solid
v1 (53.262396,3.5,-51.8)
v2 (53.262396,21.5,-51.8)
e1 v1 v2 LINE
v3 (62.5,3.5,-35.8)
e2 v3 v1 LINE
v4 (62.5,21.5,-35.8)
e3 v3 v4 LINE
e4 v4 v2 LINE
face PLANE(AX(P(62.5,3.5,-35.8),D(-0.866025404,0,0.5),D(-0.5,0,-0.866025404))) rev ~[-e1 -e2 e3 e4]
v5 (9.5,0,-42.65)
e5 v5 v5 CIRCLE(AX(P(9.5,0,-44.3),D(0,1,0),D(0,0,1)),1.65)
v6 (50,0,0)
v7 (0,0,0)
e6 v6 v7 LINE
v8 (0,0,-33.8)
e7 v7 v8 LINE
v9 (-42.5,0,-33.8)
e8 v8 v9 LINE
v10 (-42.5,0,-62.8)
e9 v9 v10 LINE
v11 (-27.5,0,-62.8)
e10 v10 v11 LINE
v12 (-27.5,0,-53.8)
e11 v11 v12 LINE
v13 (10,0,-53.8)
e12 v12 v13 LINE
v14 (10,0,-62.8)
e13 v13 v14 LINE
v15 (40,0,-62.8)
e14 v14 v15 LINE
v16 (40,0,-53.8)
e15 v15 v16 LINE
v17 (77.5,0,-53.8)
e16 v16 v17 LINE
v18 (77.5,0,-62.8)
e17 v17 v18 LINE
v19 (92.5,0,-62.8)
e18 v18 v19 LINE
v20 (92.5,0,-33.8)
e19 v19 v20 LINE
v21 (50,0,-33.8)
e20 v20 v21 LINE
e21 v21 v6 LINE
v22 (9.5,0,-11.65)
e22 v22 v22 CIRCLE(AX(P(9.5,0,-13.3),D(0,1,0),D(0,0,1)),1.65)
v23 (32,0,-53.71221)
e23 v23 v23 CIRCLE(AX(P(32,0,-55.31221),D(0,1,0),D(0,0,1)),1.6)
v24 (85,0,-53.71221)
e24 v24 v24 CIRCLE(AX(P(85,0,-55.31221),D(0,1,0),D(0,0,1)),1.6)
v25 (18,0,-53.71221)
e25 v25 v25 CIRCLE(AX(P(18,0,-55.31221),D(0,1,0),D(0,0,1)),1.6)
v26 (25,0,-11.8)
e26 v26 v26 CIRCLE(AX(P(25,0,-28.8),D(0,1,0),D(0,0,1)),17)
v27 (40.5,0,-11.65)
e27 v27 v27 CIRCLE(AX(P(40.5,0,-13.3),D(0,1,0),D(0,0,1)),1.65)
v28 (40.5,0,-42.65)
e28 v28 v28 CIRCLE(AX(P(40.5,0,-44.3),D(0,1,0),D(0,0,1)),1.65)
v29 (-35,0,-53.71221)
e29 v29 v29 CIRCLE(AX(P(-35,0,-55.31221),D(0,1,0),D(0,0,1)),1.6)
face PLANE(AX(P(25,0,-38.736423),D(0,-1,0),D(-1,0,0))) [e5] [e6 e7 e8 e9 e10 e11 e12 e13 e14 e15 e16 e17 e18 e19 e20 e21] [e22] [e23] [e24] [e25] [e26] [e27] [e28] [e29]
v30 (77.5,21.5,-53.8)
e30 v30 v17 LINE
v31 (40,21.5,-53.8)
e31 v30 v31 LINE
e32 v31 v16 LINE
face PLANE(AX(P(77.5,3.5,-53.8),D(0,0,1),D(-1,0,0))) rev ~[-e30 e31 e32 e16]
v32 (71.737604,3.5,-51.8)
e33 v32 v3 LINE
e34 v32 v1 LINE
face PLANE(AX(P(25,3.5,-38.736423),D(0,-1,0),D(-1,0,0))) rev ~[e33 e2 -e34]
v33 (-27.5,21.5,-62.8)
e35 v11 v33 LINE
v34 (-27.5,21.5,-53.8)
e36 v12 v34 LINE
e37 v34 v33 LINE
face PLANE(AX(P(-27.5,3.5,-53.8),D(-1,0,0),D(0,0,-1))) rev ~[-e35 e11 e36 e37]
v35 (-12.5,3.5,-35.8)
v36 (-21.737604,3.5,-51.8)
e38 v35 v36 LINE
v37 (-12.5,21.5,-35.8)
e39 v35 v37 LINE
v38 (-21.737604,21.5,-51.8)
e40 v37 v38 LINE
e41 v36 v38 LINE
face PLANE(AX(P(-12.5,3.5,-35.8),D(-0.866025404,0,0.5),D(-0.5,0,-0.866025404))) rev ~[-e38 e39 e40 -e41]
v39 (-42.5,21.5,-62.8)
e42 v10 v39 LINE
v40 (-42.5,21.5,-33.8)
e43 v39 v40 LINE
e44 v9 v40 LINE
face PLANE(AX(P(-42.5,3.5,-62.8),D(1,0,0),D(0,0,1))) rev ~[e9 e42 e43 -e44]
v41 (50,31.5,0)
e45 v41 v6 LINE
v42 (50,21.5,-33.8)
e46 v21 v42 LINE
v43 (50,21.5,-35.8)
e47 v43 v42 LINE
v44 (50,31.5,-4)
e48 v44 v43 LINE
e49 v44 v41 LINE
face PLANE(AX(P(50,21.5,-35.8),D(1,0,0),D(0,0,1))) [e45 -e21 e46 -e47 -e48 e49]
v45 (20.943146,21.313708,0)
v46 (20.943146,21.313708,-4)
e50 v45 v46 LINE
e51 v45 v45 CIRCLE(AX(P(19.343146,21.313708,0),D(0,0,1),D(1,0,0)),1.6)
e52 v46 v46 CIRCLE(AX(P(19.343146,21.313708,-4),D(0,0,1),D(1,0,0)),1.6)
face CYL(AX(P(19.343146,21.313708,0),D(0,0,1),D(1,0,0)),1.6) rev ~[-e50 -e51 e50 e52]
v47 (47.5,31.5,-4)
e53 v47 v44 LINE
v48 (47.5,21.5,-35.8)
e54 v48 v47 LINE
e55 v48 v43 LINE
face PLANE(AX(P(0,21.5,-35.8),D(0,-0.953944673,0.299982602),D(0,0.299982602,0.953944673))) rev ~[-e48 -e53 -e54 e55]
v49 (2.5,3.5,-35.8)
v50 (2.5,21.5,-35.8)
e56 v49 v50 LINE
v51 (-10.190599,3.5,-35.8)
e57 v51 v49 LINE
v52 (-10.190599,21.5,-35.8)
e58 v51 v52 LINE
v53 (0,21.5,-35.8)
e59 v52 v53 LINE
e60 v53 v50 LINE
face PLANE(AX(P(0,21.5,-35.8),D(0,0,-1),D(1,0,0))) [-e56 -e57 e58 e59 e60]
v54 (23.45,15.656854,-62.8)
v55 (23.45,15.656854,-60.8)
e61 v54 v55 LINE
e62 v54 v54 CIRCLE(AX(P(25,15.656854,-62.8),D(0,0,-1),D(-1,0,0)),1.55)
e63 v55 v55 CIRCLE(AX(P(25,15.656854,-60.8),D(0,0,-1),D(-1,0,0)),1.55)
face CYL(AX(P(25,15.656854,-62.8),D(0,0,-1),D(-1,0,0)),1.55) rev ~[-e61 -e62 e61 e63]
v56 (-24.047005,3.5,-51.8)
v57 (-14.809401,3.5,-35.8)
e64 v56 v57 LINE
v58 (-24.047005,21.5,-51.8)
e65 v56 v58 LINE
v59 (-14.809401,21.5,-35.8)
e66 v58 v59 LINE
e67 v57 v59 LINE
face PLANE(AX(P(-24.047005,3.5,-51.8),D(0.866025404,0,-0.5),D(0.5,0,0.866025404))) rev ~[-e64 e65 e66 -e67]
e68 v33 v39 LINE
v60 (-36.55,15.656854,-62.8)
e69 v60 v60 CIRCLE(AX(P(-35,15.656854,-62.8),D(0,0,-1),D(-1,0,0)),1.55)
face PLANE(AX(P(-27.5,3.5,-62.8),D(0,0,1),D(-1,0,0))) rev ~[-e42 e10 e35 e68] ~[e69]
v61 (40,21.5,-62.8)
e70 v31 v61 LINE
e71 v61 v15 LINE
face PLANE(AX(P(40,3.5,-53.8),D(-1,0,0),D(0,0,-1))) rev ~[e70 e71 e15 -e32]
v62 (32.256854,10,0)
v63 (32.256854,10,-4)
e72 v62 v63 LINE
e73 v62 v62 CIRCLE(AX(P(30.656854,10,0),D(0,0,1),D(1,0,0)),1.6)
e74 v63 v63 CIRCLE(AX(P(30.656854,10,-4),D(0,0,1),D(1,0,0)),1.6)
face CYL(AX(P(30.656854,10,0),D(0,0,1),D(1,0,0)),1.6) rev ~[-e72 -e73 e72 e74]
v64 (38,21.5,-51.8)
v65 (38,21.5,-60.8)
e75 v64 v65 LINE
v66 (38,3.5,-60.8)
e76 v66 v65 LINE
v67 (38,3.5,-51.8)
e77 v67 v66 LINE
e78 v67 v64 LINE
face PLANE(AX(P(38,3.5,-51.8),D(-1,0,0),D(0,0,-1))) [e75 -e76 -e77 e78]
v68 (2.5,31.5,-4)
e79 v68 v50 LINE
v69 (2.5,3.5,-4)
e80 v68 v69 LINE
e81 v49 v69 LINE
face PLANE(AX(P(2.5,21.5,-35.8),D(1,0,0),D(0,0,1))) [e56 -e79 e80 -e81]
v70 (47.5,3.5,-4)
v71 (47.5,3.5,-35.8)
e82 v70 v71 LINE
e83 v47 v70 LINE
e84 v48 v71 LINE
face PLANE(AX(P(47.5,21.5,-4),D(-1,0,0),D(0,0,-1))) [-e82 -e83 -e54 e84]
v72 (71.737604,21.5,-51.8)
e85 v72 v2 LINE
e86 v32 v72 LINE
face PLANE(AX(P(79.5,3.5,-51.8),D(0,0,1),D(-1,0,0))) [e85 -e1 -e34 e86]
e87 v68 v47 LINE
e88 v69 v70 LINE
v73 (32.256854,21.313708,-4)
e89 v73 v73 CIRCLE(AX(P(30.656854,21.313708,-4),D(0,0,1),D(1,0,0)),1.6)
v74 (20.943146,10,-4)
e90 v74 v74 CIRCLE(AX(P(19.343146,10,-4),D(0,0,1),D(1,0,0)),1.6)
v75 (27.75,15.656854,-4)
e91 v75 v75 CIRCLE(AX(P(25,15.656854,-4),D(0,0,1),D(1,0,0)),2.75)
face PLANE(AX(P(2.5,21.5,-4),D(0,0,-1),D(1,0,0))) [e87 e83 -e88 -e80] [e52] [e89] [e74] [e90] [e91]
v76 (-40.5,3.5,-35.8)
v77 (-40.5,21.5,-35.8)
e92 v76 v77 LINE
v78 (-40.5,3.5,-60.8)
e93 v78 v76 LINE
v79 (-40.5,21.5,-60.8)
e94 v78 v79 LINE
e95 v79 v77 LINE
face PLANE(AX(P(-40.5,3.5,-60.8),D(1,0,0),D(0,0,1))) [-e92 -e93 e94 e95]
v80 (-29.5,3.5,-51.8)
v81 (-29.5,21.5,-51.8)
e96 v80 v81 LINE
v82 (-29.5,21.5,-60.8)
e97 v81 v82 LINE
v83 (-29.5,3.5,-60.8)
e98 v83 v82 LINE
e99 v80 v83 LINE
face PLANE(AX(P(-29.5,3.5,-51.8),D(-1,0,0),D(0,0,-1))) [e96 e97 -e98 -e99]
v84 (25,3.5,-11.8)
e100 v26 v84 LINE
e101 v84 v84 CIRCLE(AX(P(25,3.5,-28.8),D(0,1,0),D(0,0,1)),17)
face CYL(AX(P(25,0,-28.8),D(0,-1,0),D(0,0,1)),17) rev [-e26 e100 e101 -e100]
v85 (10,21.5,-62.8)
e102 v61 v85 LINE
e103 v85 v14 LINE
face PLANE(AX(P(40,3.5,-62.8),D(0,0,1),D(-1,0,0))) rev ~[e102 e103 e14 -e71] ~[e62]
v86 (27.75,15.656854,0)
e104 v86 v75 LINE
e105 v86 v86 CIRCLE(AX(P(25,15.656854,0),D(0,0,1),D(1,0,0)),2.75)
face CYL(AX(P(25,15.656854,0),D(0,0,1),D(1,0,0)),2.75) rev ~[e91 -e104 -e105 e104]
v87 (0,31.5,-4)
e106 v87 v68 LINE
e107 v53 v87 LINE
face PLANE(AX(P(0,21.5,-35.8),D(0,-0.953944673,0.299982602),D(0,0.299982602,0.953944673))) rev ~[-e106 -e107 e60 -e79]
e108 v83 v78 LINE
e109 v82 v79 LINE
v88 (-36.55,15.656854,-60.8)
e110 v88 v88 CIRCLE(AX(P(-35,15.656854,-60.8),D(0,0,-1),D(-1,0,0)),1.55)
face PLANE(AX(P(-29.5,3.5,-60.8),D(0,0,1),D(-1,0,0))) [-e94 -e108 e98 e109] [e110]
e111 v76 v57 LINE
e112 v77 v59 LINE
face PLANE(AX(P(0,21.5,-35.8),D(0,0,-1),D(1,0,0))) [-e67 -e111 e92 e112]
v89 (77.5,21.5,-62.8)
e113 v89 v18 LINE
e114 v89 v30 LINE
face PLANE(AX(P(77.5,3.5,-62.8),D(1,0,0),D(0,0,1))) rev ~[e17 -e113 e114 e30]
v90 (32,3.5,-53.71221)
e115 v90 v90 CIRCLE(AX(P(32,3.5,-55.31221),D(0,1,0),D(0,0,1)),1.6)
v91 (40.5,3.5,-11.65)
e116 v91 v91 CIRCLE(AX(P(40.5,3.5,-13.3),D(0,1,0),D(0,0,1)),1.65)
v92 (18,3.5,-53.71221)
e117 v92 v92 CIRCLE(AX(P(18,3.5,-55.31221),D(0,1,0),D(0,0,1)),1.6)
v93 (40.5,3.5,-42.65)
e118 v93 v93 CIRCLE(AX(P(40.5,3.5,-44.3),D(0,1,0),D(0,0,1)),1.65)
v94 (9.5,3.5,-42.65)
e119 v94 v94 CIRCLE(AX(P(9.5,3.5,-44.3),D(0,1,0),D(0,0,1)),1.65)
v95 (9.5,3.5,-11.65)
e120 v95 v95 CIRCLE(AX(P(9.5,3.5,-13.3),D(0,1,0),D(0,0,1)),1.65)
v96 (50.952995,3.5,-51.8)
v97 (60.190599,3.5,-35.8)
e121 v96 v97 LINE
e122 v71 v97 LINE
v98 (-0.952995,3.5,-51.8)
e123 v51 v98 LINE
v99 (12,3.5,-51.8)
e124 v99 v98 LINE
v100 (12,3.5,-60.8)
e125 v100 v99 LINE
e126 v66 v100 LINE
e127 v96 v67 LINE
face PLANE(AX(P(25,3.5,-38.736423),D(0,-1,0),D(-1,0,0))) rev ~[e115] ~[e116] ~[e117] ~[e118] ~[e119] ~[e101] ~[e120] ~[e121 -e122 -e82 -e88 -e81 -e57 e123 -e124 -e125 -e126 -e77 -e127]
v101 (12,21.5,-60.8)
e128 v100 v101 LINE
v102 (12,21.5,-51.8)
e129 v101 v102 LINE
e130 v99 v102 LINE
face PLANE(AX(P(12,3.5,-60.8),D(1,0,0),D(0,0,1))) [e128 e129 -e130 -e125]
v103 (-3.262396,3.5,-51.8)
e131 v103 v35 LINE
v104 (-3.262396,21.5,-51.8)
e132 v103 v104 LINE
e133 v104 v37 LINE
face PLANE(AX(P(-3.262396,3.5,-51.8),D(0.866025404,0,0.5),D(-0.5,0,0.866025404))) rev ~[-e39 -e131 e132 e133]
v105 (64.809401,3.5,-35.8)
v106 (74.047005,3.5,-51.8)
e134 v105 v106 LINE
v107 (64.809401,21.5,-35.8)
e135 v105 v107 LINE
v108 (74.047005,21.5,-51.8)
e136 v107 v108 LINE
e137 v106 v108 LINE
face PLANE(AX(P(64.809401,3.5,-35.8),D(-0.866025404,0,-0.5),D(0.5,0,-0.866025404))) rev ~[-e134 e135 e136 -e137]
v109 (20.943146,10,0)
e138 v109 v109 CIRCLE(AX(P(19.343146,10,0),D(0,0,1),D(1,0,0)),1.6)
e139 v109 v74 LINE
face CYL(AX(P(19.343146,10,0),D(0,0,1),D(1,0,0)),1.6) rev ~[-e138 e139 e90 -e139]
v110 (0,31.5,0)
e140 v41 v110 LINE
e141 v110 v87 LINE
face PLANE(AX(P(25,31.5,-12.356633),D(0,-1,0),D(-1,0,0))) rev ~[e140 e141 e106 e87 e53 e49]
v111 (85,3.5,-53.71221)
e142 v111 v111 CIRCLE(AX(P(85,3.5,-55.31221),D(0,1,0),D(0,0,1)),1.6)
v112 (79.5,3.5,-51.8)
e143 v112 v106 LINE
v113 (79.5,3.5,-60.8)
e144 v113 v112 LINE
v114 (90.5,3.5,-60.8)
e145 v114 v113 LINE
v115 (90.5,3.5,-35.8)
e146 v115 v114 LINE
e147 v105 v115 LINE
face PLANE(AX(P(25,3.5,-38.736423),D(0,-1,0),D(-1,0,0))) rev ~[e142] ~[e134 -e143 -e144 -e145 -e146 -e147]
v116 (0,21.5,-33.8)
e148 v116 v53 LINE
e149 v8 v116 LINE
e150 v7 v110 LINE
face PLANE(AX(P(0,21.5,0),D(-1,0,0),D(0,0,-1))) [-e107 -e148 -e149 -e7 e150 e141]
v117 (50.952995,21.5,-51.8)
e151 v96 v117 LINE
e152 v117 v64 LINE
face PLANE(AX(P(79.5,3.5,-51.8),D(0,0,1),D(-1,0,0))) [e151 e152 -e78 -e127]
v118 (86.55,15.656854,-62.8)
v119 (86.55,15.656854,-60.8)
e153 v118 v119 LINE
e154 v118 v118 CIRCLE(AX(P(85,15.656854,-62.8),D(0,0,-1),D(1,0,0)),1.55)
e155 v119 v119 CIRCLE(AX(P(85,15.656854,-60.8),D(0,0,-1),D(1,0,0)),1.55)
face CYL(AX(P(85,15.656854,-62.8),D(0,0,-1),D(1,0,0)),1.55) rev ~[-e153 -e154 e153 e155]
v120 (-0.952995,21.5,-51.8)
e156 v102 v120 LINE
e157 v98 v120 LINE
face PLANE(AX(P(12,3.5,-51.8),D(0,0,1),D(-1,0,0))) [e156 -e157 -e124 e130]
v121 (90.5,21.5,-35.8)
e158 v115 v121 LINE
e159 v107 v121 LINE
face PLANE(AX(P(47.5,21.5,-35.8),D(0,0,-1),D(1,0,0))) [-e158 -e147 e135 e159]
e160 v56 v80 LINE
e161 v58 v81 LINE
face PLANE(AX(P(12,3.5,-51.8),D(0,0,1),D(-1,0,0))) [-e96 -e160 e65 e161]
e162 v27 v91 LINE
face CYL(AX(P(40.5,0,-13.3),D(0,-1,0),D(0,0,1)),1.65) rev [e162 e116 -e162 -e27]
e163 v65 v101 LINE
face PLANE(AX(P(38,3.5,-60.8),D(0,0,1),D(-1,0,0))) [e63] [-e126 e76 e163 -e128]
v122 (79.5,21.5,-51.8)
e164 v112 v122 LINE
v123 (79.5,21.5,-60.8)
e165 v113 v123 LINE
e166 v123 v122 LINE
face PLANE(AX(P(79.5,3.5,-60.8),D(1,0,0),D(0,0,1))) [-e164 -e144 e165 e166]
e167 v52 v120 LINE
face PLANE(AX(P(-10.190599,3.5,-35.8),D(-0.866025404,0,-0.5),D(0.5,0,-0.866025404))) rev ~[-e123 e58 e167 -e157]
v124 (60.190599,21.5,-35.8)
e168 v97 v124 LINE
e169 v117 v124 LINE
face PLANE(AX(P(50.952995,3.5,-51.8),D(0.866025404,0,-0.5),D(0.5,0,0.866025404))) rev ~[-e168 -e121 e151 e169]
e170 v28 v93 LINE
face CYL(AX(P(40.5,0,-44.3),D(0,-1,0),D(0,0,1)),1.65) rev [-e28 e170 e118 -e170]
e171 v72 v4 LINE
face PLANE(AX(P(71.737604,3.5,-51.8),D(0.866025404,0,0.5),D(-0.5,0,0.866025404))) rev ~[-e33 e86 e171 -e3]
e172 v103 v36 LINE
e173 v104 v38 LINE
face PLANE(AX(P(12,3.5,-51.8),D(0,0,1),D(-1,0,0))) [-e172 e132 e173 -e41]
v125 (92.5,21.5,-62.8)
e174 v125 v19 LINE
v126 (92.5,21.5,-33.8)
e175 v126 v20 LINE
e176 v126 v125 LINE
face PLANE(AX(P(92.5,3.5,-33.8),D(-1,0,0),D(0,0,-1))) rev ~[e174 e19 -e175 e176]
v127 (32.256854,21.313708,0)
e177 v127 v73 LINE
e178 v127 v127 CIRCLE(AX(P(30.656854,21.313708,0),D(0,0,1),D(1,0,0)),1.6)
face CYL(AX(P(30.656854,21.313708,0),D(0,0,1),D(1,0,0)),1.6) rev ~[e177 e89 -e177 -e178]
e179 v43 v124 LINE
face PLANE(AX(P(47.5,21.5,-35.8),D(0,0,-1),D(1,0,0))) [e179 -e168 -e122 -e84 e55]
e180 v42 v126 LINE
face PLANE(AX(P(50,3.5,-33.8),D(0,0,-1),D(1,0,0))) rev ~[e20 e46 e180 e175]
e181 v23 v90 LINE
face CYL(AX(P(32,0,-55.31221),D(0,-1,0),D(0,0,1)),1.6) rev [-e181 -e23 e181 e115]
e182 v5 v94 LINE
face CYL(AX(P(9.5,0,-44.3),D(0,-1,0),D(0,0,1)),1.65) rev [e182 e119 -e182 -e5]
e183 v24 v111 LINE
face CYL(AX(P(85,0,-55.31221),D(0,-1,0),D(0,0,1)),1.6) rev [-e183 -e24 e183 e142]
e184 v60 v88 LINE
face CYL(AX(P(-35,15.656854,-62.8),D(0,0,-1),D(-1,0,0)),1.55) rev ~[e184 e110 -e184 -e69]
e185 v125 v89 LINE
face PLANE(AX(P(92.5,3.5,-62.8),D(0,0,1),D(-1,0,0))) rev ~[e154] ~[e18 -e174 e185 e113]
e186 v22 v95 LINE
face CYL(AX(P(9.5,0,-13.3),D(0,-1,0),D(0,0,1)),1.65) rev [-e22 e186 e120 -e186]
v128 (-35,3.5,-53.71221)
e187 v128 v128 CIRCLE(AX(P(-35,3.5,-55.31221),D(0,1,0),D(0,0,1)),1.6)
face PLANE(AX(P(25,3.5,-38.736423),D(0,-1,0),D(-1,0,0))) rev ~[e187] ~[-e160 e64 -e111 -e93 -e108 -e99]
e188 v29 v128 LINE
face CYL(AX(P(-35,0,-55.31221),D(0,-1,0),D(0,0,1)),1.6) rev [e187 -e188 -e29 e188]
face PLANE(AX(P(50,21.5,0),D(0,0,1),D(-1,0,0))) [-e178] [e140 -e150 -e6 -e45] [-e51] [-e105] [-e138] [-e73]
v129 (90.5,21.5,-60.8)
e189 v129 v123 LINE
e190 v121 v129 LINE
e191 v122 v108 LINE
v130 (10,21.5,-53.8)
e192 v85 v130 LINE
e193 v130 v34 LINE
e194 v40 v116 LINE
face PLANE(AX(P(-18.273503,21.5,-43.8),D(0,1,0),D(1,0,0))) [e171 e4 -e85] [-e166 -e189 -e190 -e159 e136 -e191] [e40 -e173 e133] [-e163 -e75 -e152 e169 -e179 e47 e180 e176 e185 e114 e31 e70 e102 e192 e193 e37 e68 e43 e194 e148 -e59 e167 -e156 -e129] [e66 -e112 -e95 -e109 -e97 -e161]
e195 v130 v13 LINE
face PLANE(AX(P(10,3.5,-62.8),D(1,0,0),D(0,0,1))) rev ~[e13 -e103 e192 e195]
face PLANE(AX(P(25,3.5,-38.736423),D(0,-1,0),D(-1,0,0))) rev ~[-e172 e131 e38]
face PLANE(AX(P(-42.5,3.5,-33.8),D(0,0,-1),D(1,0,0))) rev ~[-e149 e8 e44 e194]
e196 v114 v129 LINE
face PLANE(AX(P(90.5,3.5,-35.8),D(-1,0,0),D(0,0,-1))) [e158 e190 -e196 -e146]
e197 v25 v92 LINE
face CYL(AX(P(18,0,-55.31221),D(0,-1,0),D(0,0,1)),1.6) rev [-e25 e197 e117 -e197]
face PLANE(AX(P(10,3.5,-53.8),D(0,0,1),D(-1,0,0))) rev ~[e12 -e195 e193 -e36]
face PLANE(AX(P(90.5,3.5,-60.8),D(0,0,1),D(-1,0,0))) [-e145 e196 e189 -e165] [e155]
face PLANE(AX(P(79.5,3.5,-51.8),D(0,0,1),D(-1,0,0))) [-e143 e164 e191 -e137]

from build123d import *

# Parameters (mm, degrees)
SKETCH_2_R          = 1.6
SKETCH_2_R_2        = 17
SKETCH_2_R_3        = 1.65
EXTRUDE_2_DEPTH     = 3.5
EXTRUDE_3_DEPTH     = 18
EXTRUDE_4_DEPTH     = 10
CUT_EXTRUDE_5_DEPTH = 117.156532317
SKETCH_10_R         = 2.75
SKETCH_10_R_2       = 1.6
CUT_EXTRUDE_4_DEPTH = 5
EXTRUDE_5_DEPTH     = 18
SKETCH_14_R         = 1.55
CUT_EXTRUDE_6_DEPTH = 10


with BuildPart() as part:
    # 草图2 → 凸台-拉伸2 (new body)
    with BuildSketch(Plane(origin=(0, 0, 0), x_dir=(1, 0, 0), z_dir=(0, 1, 0))):
        Polygon((-42.5, 33.8), (-42.5, 62.8), (-27.5, 62.8), (-27.5, 53.8), (10, 53.8), (10, 62.8), (40, 62.8), (40, 53.8), (77.5, 53.8), (77.5, 62.8), (92.5, 62.8), (92.5, 33.8), (50, 33.8), (50, 0), (0, 0), (0, 33.8), align=None)
        with Locations(Location((-35, 55.312210178, 0), (0, 0, 270))):
            Circle(SKETCH_2_R, mode=Mode.SUBTRACT)
        with Locations(Location((85, 55.312210178, 0), (0, 0, 270))):
            Circle(SKETCH_2_R, mode=Mode.SUBTRACT)
        with Locations(Location((18, 55.312210178, 0), (0, 0, 270))):
            Circle(SKETCH_2_R, mode=Mode.SUBTRACT)
        with Locations(Location((32, 55.312210178, 0), (0, 0, 270))):
            Circle(SKETCH_2_R, mode=Mode.SUBTRACT)
        with Locations(Location((25, 28.8, 0), (0, 0, 270))):
            Circle(SKETCH_2_R_2, mode=Mode.SUBTRACT)
        with Locations(Location((40.5, 44.3, 0), (0, 0, 270))):
            Circle(SKETCH_2_R_3, mode=Mode.SUBTRACT)
        with Locations(Location((40.5, 13.3, 0), (0, 0, 270))):
            Circle(SKETCH_2_R_3, mode=Mode.SUBTRACT)
        with Locations(Location((9.5, 13.3, 0), (0, 0, 270))):
            Circle(SKETCH_2_R_3, mode=Mode.SUBTRACT)
        with Locations(Location((9.5, 44.3, 0), (0, 0, 270))):
            Circle(SKETCH_2_R_3, mode=Mode.SUBTRACT)
    extrude(amount=EXTRUDE_2_DEPTH)

    # 草图6 → 凸台-拉伸3 (add)
    with BuildSketch(Plane(origin=(0, 3.5, 0), x_dir=(1, 0, 0), z_dir=(0, 1, 0))):
        Polygon((10, 53.8), (-27.5, 53.8), (-27.5, 62.8), (-42.5, 62.8), (-42.5, 33.8), (0, 33.8), (0, 0), (50, 0), (50, 33.8), (92.5, 33.8), (92.5, 62.8), (77.5, 62.8), (77.5, 53.8), (40, 53.8), (40, 62.8), (10, 62.8), align=None)
        Polygon((12, 51.8), (-29.5, 51.8), (-29.5, 60.8), (-40.5, 60.8), (-40.5, 35.8), (2.5, 35.8), (2.5, 4), (47.5, 4), (47.5, 35.8), (90.5, 35.8), (90.5, 60.8), (79.5, 60.8), (79.5, 51.8), (38, 51.8), (38, 60.8), (12, 60.8), align=None, mode=Mode.SUBTRACT)
    extrude(amount=EXTRUDE_3_DEPTH)

    # 草图11 → 凸台-拉伸4 (add)
    with BuildSketch(Plane(origin=(0, 21.5, 0), x_dir=(1, 0, 0), z_dir=(0, 1, 0))):
        Polygon((2.5, 35.8), (2.5, 4), (47.5, 4), (47.5, 35.8), (50, 35.8), (50, 0), (0, 0), (0, 35.8), align=None)
    extrude(amount=EXTRUDE_4_DEPTH)

    # 草图12 → 切除-拉伸5 (cut, through all)
    with BuildSketch(Plane.ZY):
        Polygon((-35.8, 21.5), (-4, 31.5), (-35.8, 31.5), align=None)
    extrude(amount=-CUT_EXTRUDE_5_DEPTH, mode=Mode.SUBTRACT)

    # 草图10 → 切除-拉伸4 (cut)
    with BuildSketch(Plane.XY):
        with Locations((25, 15.656854249)):
            Circle(SKETCH_10_R)
        with Locations((30.656854249, 21.313708499)):
            Circle(SKETCH_10_R_2)
        with Locations((30.656854249, 10)):
            Circle(SKETCH_10_R_2)
        with Locations((19.343145751, 10)):
            Circle(SKETCH_10_R_2)
        with Locations((19.343145751, 21.313708499)):
            Circle(SKETCH_10_R_2)
    extrude(amount=-CUT_EXTRUDE_4_DEPTH, mode=Mode.SUBTRACT)

    # 草图13 → 凸台-拉伸5 (add)
    with BuildSketch(Plane(origin=(0, 3.5, 0), x_dir=(1, 0, 0), z_dir=(0, 1, 0))):
        Polygon((-12.5, 35.8), (-21.737604307, 51.8), (-24.047005384, 51.8), (-14.809401077, 35.8), align=None)
        Polygon((-3.262395693, 51.8), (-12.5, 35.8), (-10.190598923, 35.8), (-0.952994616, 51.8), align=None)
        Polygon((50.952994616, 51.8), (60.190598923, 35.8), (62.5, 35.8), (53.262395693, 51.8), align=None)
        Polygon((71.737604307, 51.8), (62.5, 35.8), (64.809401077, 35.8), (74.047005384, 51.8), align=None)
    extrude(amount=EXTRUDE_5_DEPTH)

    # 草图14 → 切除-拉伸6 (cut)
    with BuildSketch(Plane(origin=(0, 0, -62.8), x_dir=(-1, 0, 0), z_dir=(0, 0, -1))):
        with Locations((35, 15.656854249)):
            Circle(SKETCH_14_R)
        with Locations(Location((-85, 15.656854249, 0), (0, 0, 180))):
            Circle(SKETCH_14_R)
        with Locations((-25, 15.656854249)):
            Circle(SKETCH_14_R)
    extrude(amount=-CUT_EXTRUDE_6_DEPTH, mode=Mode.SUBTRACT)


solid = part.part
